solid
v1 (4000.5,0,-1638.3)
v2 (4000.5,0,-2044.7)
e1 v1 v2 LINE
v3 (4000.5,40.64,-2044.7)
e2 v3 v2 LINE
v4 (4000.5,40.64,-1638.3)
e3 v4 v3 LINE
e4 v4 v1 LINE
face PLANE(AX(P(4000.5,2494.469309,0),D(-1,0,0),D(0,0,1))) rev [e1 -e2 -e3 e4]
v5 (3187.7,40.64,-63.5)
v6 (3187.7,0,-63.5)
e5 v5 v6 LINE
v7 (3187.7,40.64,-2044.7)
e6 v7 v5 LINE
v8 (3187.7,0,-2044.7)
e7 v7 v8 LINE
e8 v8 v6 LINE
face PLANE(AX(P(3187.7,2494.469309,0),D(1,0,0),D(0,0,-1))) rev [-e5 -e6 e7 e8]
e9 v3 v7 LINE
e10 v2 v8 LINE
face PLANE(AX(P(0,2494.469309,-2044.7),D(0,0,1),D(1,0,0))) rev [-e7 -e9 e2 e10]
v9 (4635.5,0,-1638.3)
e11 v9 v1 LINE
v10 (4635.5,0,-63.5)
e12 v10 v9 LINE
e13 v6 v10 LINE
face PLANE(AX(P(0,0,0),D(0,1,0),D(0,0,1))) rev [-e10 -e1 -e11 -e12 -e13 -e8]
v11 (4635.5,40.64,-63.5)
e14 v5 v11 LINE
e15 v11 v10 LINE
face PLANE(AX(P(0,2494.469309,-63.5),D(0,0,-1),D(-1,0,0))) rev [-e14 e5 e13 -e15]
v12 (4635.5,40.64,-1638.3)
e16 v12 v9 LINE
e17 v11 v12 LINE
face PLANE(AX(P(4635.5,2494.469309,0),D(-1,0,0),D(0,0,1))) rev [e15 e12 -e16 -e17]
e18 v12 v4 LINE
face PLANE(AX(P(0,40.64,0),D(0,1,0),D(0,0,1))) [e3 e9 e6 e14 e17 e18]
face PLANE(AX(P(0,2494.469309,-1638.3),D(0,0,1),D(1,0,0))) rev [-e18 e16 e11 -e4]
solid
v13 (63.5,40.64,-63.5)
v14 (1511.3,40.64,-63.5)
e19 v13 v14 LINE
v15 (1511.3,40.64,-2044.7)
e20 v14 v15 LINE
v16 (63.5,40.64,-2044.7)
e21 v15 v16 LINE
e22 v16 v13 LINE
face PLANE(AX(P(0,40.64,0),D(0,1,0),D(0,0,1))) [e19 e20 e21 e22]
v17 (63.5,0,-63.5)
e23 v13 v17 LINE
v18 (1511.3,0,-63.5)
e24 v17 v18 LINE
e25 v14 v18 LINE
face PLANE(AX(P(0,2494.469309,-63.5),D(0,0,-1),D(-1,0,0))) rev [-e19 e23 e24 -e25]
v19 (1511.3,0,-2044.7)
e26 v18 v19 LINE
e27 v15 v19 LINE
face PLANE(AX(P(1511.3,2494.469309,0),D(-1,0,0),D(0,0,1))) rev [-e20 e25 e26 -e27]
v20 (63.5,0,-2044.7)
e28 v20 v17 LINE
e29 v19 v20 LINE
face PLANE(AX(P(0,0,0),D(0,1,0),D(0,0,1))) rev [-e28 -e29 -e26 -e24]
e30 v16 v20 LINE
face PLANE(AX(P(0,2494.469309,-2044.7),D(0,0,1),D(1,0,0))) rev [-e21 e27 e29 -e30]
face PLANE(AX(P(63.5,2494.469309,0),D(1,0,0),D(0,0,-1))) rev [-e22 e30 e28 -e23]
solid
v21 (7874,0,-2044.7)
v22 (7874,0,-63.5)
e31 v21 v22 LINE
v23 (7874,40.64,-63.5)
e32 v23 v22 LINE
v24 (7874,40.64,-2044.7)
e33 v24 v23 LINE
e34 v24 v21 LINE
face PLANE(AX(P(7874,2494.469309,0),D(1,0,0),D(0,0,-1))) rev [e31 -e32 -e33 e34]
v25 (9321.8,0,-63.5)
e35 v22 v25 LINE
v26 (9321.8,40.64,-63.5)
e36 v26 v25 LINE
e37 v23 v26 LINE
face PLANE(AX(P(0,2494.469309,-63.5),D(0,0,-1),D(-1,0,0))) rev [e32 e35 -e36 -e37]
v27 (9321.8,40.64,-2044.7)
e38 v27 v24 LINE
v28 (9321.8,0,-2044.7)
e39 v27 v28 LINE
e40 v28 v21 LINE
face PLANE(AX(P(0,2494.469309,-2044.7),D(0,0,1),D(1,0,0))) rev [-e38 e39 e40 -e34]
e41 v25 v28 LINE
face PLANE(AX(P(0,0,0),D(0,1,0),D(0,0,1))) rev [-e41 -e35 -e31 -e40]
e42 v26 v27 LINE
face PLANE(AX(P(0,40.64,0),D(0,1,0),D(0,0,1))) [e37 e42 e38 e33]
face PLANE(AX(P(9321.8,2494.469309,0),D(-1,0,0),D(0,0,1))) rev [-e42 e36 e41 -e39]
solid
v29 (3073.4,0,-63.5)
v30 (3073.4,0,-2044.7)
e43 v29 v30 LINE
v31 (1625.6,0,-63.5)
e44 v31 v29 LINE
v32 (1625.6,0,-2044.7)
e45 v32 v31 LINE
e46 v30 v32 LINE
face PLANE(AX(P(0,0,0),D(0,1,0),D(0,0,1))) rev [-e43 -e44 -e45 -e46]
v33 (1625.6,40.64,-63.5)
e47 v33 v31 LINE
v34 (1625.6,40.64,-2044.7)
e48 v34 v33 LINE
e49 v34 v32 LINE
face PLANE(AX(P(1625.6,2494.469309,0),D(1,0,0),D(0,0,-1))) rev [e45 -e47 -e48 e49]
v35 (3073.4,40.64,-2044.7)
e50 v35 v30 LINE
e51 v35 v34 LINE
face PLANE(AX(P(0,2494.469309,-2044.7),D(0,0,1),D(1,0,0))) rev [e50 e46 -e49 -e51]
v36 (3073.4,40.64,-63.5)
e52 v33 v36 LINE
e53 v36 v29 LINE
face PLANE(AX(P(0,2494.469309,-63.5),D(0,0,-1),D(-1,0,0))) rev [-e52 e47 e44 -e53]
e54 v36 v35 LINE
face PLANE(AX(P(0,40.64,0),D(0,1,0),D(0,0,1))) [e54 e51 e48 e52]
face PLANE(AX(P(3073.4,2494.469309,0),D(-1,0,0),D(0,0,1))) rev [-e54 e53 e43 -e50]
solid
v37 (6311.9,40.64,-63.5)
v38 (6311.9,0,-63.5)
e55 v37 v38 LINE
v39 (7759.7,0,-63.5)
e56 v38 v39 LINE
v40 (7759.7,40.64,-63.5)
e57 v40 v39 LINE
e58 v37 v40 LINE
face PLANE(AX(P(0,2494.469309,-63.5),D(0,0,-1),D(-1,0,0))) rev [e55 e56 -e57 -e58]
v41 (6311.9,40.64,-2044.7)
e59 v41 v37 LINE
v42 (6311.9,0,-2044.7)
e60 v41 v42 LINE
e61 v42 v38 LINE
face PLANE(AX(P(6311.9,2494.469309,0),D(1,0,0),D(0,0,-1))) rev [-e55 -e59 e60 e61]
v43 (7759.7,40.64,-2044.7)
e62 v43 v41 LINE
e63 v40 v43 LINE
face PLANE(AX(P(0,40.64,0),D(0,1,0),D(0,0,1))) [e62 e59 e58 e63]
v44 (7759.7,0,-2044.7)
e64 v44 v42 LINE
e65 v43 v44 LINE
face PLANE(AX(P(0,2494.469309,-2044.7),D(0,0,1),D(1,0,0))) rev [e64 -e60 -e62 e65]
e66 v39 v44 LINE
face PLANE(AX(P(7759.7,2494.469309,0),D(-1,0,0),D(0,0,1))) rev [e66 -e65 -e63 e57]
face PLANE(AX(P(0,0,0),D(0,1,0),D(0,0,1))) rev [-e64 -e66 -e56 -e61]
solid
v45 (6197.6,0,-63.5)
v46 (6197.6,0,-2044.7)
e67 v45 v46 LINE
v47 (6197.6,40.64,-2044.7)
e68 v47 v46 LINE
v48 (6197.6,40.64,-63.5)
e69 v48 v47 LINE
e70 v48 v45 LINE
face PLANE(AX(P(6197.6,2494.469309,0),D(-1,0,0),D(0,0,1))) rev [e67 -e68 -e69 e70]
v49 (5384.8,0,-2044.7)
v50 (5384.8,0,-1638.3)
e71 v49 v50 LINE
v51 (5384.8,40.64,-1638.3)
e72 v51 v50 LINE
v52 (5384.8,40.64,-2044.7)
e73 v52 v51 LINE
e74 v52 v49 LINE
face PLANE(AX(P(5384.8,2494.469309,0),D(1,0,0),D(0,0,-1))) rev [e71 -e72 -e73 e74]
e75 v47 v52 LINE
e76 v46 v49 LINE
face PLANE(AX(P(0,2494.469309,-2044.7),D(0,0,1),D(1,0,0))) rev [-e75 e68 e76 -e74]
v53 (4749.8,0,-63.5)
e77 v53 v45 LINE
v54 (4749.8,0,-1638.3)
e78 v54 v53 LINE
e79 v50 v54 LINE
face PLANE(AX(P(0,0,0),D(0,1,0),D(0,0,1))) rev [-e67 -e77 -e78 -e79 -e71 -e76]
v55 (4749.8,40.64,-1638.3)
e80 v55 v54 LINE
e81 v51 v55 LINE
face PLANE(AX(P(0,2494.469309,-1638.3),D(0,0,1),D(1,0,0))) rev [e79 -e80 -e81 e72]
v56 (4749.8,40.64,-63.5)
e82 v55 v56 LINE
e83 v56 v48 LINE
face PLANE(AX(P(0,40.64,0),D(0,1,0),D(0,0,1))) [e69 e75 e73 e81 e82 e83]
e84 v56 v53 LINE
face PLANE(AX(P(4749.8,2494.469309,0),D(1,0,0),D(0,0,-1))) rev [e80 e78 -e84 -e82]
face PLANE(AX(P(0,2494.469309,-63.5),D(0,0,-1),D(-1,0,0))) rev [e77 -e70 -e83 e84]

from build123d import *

# Parameters (mm, degrees)
SKETCH2_W             = 1447.8
SKETCH2_H             = 1981.2
BOSS_EXTRUDE1_DEPTH   = 40.64
BOSS_EXTRUDE1_2_DEPTH = 40.64
BOSS_EXTRUDE1_3_DEPTH = 40.64
BOSS_EXTRUDE1_4_DEPTH = 40.64
BOSS_EXTRUDE1_5_DEPTH = 40.64
BOSS_EXTRUDE1_6_DEPTH = 40.64


with BuildPart() as part:
    # Sketch2 → Boss-Extrude1 (new body)
    with BuildSketch(Plane(origin=(0, 0, 0), x_dir=(1, 0, 0), z_dir=(0, 1, 0))):
        with Locations((787.4, 1054.1)):
            Rectangle(SKETCH2_W, SKETCH2_H)
    extrude(amount=BOSS_EXTRUDE1_DEPTH)


with BuildPart() as body_2:
    # Sketch2 → Boss-Extrude1 2 (new body)
    with BuildSketch(Plane(origin=(0, 0, 0), x_dir=(1, 0, 0), z_dir=(0, 1, 0))):
        with Locations((2349.5, 1054.1)):
            Rectangle(SKETCH2_W, SKETCH2_H)
    extrude(amount=BOSS_EXTRUDE1_2_DEPTH)


with BuildPart() as body_3:
    # Sketch2 → Boss-Extrude1 3 (new body)
    with BuildSketch(Plane(origin=(0, 0, 0), x_dir=(1, 0, 0), z_dir=(0, 1, 0))):
        Polygon((3187.7, 2044.7), (3187.7, 63.5), (4635.5, 63.5), (4635.5, 1638.3), (4000.5, 1638.3), (4000.5, 2044.7), align=None)
    extrude(amount=BOSS_EXTRUDE1_3_DEPTH)


with BuildPart() as body_4:
    # Sketch2 → Boss-Extrude1 4 (new body)
    with BuildSketch(Plane(origin=(0, 0, 0), x_dir=(1, 0, 0), z_dir=(0, 1, 0))):
        Polygon((6197.6, 2044.7), (5384.8, 2044.7), (5384.8, 1638.3), (4749.8, 1638.3), (4749.8, 63.5), (6197.6, 63.5), align=None)
    extrude(amount=BOSS_EXTRUDE1_4_DEPTH)


with BuildPart() as body_5:
    # Sketch2 → Boss-Extrude1 5 (new body)
    with BuildSketch(Plane(origin=(0, 0, 0), x_dir=(1, 0, 0), z_dir=(0, 1, 0))):
        with Locations((7035.8, 1054.1)):
            Rectangle(SKETCH2_W, SKETCH2_H)
    extrude(amount=BOSS_EXTRUDE1_5_DEPTH)


with BuildPart() as body_6:
    # Sketch2 → Boss-Extrude1 6 (new body)
    with BuildSketch(Plane(origin=(0, 0, 0), x_dir=(1, 0, 0), z_dir=(0, 1, 0))):
        with Locations((8597.9, 1054.1)):
            Rectangle(SKETCH2_W, SKETCH2_H)
    extrude(amount=BOSS_EXTRUDE1_6_DEPTH)


solid = Compound([part.part, body_2.part, body_3.part, body_4.part, body_5.part, body_6.part])
